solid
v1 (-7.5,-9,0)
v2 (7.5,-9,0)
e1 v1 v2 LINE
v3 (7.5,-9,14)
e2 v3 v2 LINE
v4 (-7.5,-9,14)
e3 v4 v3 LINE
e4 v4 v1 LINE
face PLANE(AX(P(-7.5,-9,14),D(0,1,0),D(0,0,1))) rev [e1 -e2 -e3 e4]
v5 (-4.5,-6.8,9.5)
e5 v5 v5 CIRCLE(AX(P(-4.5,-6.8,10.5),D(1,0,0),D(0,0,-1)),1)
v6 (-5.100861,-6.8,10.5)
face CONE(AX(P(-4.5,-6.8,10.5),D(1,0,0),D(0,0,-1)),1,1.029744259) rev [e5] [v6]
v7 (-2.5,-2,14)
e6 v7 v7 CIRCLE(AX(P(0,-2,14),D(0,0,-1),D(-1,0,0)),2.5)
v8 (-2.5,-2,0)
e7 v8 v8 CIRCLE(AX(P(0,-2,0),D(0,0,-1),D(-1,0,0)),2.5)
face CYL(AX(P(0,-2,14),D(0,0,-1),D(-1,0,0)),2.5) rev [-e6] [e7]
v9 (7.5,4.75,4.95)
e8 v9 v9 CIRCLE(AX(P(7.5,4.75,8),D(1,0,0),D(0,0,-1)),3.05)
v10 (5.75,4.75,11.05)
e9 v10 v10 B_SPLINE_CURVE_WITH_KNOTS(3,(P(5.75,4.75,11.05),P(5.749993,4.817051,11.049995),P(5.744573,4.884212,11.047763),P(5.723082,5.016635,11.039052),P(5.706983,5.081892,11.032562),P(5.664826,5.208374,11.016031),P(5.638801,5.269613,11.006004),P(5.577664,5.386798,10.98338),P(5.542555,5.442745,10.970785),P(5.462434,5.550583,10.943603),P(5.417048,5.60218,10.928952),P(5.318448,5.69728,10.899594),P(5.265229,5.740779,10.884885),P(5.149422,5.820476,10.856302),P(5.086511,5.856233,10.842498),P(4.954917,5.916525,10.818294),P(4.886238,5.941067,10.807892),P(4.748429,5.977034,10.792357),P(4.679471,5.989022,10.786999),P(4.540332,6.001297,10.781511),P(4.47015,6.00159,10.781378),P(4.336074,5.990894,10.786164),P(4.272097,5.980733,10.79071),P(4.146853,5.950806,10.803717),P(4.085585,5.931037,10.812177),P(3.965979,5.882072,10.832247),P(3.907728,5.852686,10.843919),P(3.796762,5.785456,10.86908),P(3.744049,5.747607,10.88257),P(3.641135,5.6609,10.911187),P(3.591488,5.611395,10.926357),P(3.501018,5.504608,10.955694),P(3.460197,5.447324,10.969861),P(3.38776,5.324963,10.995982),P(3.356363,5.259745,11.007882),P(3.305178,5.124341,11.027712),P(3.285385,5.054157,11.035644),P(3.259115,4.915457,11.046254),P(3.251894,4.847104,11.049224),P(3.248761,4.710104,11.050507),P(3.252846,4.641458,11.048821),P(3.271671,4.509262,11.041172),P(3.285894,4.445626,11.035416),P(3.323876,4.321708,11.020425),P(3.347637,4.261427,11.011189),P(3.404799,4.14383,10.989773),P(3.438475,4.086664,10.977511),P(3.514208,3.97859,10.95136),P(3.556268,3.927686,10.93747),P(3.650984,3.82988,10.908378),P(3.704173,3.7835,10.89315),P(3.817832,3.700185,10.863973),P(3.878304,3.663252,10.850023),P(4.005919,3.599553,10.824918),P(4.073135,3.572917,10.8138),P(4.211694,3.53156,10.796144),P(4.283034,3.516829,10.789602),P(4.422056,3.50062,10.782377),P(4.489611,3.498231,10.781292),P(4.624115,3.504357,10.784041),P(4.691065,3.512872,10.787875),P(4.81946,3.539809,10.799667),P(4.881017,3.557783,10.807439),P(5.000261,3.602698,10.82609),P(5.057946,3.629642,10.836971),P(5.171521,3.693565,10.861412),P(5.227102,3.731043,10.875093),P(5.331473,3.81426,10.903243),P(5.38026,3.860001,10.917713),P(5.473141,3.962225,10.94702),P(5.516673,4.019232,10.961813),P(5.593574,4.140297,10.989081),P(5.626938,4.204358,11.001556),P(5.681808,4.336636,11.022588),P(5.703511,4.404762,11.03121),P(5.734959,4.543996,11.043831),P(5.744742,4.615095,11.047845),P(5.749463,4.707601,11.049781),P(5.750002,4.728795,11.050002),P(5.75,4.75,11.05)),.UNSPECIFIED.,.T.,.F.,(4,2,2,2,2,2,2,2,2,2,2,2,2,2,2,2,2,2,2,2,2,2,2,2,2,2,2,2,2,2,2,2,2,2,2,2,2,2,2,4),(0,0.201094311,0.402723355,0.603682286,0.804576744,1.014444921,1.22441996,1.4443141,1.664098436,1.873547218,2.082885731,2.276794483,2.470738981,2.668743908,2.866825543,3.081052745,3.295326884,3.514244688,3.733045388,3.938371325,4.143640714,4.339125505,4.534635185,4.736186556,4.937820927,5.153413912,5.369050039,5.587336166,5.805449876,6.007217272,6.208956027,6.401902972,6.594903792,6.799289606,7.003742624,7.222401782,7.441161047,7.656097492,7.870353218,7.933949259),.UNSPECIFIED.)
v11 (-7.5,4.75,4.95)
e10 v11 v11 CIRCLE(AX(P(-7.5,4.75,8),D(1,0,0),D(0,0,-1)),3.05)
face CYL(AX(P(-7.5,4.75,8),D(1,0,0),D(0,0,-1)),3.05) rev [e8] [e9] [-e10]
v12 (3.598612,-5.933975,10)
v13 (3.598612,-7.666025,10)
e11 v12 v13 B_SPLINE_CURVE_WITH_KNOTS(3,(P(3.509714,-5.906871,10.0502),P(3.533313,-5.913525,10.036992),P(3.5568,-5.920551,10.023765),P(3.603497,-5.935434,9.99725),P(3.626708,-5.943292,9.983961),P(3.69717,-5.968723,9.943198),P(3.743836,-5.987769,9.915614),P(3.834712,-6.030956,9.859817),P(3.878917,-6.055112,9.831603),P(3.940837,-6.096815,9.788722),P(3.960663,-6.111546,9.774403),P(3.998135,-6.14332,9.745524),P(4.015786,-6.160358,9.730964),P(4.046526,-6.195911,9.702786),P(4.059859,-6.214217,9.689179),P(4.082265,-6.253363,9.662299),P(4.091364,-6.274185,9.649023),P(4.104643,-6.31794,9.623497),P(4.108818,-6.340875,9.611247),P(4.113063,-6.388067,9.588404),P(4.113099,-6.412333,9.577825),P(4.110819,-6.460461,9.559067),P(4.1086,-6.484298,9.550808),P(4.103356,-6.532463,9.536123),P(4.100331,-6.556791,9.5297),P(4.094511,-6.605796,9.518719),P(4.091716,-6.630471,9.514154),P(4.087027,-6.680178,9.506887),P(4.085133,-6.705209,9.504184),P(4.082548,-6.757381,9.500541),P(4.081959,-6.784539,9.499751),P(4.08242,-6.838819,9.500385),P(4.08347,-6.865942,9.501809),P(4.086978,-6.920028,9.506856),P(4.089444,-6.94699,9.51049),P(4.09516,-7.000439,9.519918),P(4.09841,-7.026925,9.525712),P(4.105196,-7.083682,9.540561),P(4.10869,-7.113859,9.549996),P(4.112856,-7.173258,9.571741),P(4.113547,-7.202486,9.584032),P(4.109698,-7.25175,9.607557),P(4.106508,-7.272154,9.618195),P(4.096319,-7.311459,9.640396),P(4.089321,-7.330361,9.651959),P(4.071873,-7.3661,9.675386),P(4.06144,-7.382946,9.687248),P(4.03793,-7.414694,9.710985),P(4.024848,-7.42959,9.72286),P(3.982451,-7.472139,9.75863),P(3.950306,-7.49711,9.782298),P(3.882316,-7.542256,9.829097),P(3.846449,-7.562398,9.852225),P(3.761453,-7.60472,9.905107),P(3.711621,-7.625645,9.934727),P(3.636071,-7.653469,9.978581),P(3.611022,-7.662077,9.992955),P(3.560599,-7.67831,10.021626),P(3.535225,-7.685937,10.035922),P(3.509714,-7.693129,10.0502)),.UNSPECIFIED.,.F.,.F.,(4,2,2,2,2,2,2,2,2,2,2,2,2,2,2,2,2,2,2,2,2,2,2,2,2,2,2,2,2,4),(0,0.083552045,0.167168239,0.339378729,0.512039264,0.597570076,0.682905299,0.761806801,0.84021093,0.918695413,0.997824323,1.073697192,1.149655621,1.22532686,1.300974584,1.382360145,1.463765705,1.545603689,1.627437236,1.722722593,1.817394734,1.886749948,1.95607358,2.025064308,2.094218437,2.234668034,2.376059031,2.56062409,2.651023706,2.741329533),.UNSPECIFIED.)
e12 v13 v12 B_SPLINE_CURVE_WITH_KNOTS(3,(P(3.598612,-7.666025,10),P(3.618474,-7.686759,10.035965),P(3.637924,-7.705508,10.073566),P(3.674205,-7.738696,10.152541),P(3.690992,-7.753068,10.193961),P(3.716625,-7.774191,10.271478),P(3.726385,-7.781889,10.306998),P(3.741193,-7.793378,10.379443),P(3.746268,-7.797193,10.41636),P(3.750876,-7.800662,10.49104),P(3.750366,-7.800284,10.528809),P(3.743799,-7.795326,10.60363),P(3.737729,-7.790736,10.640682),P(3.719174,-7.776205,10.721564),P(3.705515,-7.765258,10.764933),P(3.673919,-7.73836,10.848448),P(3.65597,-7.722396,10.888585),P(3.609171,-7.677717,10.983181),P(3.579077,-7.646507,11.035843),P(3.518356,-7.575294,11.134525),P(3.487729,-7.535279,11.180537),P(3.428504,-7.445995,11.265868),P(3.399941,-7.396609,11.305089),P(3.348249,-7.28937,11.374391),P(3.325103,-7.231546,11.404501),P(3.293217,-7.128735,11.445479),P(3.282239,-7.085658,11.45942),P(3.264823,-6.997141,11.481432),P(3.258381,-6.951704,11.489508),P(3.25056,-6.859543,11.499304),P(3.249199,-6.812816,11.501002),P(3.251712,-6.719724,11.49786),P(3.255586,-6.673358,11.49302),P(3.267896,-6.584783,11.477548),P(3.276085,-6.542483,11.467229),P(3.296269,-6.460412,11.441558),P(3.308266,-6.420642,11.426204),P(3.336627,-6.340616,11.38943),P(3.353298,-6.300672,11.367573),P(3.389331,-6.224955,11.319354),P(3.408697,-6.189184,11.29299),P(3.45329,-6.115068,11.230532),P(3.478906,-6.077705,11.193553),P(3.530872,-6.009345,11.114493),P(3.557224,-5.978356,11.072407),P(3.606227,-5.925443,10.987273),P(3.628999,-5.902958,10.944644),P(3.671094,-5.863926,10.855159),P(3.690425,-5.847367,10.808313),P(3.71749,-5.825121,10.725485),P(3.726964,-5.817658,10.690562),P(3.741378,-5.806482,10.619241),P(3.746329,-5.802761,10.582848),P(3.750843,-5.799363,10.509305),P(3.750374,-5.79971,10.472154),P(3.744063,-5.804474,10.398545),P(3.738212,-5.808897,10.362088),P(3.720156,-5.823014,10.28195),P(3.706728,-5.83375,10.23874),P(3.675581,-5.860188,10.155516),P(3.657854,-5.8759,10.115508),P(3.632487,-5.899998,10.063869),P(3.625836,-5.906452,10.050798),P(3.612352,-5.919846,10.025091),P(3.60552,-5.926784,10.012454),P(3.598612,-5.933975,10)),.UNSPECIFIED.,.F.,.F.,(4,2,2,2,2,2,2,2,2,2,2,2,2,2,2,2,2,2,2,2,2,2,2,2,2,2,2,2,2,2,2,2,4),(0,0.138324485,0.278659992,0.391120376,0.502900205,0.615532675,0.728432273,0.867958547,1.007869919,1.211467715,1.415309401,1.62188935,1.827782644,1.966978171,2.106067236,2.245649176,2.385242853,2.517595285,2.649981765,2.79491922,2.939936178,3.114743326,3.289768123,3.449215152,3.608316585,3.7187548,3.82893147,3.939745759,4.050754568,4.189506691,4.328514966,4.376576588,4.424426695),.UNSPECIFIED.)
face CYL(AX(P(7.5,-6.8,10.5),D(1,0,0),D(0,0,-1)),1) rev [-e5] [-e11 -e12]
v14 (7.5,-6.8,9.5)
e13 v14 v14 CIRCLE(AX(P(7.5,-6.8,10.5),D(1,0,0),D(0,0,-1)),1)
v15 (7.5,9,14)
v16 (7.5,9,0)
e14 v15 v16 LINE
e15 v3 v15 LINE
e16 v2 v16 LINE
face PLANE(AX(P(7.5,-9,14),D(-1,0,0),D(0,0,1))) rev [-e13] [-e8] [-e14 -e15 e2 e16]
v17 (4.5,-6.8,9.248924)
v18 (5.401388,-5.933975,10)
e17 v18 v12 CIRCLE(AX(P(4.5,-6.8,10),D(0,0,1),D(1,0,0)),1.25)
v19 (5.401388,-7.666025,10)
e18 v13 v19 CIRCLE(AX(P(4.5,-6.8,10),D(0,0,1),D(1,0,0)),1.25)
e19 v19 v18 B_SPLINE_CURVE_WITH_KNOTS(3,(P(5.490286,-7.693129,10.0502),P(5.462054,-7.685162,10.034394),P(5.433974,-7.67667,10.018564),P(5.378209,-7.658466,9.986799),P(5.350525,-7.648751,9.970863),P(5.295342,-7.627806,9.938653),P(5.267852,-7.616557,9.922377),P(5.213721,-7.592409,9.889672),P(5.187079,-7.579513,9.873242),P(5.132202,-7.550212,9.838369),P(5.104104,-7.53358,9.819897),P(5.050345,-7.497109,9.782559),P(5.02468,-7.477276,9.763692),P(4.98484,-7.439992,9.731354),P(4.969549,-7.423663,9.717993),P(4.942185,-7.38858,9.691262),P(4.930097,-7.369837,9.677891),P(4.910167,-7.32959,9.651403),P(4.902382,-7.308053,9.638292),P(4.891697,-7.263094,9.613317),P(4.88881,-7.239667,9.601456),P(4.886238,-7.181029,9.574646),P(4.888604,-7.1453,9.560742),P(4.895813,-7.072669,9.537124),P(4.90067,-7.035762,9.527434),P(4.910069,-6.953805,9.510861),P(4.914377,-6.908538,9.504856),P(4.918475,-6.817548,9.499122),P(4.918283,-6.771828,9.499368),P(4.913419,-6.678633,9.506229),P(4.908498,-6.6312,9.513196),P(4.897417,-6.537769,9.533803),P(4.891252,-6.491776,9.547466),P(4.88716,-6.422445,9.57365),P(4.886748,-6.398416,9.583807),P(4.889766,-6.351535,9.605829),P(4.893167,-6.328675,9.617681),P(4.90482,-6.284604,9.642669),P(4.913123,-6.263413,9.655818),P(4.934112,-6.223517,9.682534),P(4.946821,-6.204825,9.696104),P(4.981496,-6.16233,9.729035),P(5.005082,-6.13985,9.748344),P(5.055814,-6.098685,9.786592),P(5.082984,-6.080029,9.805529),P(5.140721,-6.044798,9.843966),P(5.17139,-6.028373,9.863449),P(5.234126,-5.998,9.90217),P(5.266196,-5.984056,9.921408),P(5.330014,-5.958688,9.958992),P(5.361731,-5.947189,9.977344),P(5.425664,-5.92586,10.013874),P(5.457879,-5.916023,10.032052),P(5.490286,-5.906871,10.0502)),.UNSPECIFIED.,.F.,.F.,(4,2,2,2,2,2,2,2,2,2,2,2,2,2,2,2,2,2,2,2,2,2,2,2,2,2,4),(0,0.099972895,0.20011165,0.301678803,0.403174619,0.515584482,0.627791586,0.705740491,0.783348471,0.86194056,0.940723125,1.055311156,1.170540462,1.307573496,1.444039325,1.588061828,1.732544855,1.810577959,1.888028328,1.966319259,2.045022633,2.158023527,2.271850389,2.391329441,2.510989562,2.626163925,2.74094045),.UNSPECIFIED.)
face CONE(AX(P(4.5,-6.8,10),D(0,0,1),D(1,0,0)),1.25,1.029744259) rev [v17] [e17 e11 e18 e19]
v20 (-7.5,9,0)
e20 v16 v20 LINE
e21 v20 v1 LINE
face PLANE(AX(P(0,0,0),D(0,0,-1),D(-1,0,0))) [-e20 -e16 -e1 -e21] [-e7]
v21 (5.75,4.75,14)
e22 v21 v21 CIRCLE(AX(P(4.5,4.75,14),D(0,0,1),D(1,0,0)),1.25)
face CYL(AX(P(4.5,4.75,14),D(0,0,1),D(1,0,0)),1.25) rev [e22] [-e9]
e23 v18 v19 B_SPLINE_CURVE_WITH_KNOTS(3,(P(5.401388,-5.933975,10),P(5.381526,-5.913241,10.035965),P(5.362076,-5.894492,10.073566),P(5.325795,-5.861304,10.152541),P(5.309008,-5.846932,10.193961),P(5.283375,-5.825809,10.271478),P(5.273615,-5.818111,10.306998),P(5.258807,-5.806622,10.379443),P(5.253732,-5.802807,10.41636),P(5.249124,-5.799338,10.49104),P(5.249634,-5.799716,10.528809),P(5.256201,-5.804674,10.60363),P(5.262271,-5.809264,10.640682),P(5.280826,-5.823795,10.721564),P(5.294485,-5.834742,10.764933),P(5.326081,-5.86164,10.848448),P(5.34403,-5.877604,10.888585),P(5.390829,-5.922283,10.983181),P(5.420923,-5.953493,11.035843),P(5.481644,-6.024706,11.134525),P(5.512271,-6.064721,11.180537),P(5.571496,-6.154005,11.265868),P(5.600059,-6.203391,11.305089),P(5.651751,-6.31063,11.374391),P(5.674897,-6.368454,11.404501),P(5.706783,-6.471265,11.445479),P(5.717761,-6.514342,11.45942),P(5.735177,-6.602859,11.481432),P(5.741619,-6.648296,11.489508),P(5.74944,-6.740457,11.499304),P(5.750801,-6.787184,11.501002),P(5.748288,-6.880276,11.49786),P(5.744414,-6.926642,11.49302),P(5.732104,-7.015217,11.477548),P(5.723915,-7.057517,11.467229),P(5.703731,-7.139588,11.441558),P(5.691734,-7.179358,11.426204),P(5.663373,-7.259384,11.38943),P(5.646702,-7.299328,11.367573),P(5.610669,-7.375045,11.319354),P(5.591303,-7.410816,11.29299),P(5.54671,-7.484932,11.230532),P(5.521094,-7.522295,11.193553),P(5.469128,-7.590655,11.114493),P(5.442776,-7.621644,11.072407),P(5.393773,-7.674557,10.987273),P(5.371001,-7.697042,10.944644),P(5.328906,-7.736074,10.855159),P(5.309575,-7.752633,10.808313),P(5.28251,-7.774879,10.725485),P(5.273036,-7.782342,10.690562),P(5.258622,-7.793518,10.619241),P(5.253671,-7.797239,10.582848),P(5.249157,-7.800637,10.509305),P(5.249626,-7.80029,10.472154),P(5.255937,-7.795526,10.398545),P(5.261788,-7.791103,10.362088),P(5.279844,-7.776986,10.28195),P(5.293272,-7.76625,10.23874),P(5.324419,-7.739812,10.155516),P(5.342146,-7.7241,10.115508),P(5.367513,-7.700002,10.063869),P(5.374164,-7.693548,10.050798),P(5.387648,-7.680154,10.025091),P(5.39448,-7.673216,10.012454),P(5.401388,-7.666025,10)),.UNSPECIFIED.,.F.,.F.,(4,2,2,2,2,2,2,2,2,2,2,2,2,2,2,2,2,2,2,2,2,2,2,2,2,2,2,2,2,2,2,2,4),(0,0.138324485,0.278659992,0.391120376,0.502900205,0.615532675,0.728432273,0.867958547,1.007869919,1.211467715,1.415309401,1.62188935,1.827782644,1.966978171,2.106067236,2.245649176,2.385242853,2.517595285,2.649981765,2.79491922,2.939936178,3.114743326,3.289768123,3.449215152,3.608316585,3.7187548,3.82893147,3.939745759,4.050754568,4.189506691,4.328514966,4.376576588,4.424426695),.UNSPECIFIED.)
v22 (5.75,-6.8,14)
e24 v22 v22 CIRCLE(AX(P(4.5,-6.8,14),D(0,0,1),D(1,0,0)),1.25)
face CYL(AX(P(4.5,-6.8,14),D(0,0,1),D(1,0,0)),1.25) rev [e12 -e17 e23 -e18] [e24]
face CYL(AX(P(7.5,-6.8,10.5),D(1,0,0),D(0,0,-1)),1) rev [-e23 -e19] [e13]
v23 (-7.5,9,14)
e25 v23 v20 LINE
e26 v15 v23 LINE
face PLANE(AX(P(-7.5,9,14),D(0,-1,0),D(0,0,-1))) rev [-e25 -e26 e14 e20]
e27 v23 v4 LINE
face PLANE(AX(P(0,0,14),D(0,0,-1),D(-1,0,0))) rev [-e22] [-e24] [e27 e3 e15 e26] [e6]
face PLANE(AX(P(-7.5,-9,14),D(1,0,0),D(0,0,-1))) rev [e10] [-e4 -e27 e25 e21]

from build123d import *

# Parameters (mm, degrees)
SKETCH1_W                           = 15
SKETCH1_H                           = 18
BOSS_EXTRUDE1_DEPTH                 = 14
SKETCH2_R                           = 2.5
CUT_EXTRUDE1_DEPTH                  = 15
SKETCH3_R                           = 3.05
CUT_EXTRUDE2_DEPTH                  = 16
TALADRO_ROSCADO_M31_D               = 2.5
TALADRO_ROSCADO_M31_DEPTH           = 4
TALADRO_ROSCADO_M31_TIP             = 0.751075774
DI_METRO_DE_TALADRO_2_8_2_8_1_D     = 2
DI_METRO_DE_TALADRO_2_8_2_8_1_DEPTH = 12
DI_METRO_DE_TALADRO_2_8_2_8_1_TIP   = 0.600860619


with BuildPart() as part:
    # Sketch1 → Boss-Extrude1 (new body)
    with BuildSketch(Plane.XY):
        Rectangle(SKETCH1_W, SKETCH1_H)
    extrude(amount=BOSS_EXTRUDE1_DEPTH)

    # Sketch2 → Cut-Extrude1 (cut, through all)
    with BuildSketch(Plane(origin=(0, 0, 0), x_dir=(-1, 0, 0), z_dir=(0, 0, -1))):
        with Locations((0, -2)):
            Circle(SKETCH2_R)
    extrude(amount=-CUT_EXTRUDE1_DEPTH, mode=Mode.SUBTRACT)

    # Sketch3 → Cut-Extrude2 (cut, through all)
    with BuildSketch(Plane(origin=(7.5, 0, 0), x_dir=(0, 0, -1), z_dir=(1, 0, 0))):
        with Locations((-8, 4.75)):
            Circle(SKETCH3_R)
    extrude(amount=-CUT_EXTRUDE2_DEPTH, mode=Mode.SUBTRACT)

    # Taladro roscado M31
    with Locations(Plane(origin=(-2.648652683, -2.97524228, 14), x_dir=(1, 0, 0), z_dir=(0, 0, 1))):
        with Locations((7.148652683, 7.72524228), (7.148652683, -3.82475772)):
            Hole(TALADRO_ROSCADO_M31_D / 2, depth=TALADRO_ROSCADO_M31_DEPTH)
            with Locations((0, 0, -(TALADRO_ROSCADO_M31_DEPTH + TALADRO_ROSCADO_M31_TIP / 2))):  # 118° drill point
                Cone(0, TALADRO_ROSCADO_M31_D / 2, TALADRO_ROSCADO_M31_TIP, mode=Mode.SUBTRACT)

    # Diámetro de taladro Ø2.8 (2.8)1
    with Locations(Plane(origin=(7.5, -6.8, 10.5), x_dir=(0, 0, 1), z_dir=(1, 0, 0))):
        with Locations((0, 0)):
            Hole(DI_METRO_DE_TALADRO_2_8_2_8_1_D / 2, depth=DI_METRO_DE_TALADRO_2_8_2_8_1_DEPTH)
            with Locations((0, 0, -(DI_METRO_DE_TALADRO_2_8_2_8_1_DEPTH + DI_METRO_DE_TALADRO_2_8_2_8_1_TIP / 2))):  # 118° drill point
                Cone(0, DI_METRO_DE_TALADRO_2_8_2_8_1_D / 2, DI_METRO_DE_TALADRO_2_8_2_8_1_TIP, mode=Mode.SUBTRACT)


solid = part.part
